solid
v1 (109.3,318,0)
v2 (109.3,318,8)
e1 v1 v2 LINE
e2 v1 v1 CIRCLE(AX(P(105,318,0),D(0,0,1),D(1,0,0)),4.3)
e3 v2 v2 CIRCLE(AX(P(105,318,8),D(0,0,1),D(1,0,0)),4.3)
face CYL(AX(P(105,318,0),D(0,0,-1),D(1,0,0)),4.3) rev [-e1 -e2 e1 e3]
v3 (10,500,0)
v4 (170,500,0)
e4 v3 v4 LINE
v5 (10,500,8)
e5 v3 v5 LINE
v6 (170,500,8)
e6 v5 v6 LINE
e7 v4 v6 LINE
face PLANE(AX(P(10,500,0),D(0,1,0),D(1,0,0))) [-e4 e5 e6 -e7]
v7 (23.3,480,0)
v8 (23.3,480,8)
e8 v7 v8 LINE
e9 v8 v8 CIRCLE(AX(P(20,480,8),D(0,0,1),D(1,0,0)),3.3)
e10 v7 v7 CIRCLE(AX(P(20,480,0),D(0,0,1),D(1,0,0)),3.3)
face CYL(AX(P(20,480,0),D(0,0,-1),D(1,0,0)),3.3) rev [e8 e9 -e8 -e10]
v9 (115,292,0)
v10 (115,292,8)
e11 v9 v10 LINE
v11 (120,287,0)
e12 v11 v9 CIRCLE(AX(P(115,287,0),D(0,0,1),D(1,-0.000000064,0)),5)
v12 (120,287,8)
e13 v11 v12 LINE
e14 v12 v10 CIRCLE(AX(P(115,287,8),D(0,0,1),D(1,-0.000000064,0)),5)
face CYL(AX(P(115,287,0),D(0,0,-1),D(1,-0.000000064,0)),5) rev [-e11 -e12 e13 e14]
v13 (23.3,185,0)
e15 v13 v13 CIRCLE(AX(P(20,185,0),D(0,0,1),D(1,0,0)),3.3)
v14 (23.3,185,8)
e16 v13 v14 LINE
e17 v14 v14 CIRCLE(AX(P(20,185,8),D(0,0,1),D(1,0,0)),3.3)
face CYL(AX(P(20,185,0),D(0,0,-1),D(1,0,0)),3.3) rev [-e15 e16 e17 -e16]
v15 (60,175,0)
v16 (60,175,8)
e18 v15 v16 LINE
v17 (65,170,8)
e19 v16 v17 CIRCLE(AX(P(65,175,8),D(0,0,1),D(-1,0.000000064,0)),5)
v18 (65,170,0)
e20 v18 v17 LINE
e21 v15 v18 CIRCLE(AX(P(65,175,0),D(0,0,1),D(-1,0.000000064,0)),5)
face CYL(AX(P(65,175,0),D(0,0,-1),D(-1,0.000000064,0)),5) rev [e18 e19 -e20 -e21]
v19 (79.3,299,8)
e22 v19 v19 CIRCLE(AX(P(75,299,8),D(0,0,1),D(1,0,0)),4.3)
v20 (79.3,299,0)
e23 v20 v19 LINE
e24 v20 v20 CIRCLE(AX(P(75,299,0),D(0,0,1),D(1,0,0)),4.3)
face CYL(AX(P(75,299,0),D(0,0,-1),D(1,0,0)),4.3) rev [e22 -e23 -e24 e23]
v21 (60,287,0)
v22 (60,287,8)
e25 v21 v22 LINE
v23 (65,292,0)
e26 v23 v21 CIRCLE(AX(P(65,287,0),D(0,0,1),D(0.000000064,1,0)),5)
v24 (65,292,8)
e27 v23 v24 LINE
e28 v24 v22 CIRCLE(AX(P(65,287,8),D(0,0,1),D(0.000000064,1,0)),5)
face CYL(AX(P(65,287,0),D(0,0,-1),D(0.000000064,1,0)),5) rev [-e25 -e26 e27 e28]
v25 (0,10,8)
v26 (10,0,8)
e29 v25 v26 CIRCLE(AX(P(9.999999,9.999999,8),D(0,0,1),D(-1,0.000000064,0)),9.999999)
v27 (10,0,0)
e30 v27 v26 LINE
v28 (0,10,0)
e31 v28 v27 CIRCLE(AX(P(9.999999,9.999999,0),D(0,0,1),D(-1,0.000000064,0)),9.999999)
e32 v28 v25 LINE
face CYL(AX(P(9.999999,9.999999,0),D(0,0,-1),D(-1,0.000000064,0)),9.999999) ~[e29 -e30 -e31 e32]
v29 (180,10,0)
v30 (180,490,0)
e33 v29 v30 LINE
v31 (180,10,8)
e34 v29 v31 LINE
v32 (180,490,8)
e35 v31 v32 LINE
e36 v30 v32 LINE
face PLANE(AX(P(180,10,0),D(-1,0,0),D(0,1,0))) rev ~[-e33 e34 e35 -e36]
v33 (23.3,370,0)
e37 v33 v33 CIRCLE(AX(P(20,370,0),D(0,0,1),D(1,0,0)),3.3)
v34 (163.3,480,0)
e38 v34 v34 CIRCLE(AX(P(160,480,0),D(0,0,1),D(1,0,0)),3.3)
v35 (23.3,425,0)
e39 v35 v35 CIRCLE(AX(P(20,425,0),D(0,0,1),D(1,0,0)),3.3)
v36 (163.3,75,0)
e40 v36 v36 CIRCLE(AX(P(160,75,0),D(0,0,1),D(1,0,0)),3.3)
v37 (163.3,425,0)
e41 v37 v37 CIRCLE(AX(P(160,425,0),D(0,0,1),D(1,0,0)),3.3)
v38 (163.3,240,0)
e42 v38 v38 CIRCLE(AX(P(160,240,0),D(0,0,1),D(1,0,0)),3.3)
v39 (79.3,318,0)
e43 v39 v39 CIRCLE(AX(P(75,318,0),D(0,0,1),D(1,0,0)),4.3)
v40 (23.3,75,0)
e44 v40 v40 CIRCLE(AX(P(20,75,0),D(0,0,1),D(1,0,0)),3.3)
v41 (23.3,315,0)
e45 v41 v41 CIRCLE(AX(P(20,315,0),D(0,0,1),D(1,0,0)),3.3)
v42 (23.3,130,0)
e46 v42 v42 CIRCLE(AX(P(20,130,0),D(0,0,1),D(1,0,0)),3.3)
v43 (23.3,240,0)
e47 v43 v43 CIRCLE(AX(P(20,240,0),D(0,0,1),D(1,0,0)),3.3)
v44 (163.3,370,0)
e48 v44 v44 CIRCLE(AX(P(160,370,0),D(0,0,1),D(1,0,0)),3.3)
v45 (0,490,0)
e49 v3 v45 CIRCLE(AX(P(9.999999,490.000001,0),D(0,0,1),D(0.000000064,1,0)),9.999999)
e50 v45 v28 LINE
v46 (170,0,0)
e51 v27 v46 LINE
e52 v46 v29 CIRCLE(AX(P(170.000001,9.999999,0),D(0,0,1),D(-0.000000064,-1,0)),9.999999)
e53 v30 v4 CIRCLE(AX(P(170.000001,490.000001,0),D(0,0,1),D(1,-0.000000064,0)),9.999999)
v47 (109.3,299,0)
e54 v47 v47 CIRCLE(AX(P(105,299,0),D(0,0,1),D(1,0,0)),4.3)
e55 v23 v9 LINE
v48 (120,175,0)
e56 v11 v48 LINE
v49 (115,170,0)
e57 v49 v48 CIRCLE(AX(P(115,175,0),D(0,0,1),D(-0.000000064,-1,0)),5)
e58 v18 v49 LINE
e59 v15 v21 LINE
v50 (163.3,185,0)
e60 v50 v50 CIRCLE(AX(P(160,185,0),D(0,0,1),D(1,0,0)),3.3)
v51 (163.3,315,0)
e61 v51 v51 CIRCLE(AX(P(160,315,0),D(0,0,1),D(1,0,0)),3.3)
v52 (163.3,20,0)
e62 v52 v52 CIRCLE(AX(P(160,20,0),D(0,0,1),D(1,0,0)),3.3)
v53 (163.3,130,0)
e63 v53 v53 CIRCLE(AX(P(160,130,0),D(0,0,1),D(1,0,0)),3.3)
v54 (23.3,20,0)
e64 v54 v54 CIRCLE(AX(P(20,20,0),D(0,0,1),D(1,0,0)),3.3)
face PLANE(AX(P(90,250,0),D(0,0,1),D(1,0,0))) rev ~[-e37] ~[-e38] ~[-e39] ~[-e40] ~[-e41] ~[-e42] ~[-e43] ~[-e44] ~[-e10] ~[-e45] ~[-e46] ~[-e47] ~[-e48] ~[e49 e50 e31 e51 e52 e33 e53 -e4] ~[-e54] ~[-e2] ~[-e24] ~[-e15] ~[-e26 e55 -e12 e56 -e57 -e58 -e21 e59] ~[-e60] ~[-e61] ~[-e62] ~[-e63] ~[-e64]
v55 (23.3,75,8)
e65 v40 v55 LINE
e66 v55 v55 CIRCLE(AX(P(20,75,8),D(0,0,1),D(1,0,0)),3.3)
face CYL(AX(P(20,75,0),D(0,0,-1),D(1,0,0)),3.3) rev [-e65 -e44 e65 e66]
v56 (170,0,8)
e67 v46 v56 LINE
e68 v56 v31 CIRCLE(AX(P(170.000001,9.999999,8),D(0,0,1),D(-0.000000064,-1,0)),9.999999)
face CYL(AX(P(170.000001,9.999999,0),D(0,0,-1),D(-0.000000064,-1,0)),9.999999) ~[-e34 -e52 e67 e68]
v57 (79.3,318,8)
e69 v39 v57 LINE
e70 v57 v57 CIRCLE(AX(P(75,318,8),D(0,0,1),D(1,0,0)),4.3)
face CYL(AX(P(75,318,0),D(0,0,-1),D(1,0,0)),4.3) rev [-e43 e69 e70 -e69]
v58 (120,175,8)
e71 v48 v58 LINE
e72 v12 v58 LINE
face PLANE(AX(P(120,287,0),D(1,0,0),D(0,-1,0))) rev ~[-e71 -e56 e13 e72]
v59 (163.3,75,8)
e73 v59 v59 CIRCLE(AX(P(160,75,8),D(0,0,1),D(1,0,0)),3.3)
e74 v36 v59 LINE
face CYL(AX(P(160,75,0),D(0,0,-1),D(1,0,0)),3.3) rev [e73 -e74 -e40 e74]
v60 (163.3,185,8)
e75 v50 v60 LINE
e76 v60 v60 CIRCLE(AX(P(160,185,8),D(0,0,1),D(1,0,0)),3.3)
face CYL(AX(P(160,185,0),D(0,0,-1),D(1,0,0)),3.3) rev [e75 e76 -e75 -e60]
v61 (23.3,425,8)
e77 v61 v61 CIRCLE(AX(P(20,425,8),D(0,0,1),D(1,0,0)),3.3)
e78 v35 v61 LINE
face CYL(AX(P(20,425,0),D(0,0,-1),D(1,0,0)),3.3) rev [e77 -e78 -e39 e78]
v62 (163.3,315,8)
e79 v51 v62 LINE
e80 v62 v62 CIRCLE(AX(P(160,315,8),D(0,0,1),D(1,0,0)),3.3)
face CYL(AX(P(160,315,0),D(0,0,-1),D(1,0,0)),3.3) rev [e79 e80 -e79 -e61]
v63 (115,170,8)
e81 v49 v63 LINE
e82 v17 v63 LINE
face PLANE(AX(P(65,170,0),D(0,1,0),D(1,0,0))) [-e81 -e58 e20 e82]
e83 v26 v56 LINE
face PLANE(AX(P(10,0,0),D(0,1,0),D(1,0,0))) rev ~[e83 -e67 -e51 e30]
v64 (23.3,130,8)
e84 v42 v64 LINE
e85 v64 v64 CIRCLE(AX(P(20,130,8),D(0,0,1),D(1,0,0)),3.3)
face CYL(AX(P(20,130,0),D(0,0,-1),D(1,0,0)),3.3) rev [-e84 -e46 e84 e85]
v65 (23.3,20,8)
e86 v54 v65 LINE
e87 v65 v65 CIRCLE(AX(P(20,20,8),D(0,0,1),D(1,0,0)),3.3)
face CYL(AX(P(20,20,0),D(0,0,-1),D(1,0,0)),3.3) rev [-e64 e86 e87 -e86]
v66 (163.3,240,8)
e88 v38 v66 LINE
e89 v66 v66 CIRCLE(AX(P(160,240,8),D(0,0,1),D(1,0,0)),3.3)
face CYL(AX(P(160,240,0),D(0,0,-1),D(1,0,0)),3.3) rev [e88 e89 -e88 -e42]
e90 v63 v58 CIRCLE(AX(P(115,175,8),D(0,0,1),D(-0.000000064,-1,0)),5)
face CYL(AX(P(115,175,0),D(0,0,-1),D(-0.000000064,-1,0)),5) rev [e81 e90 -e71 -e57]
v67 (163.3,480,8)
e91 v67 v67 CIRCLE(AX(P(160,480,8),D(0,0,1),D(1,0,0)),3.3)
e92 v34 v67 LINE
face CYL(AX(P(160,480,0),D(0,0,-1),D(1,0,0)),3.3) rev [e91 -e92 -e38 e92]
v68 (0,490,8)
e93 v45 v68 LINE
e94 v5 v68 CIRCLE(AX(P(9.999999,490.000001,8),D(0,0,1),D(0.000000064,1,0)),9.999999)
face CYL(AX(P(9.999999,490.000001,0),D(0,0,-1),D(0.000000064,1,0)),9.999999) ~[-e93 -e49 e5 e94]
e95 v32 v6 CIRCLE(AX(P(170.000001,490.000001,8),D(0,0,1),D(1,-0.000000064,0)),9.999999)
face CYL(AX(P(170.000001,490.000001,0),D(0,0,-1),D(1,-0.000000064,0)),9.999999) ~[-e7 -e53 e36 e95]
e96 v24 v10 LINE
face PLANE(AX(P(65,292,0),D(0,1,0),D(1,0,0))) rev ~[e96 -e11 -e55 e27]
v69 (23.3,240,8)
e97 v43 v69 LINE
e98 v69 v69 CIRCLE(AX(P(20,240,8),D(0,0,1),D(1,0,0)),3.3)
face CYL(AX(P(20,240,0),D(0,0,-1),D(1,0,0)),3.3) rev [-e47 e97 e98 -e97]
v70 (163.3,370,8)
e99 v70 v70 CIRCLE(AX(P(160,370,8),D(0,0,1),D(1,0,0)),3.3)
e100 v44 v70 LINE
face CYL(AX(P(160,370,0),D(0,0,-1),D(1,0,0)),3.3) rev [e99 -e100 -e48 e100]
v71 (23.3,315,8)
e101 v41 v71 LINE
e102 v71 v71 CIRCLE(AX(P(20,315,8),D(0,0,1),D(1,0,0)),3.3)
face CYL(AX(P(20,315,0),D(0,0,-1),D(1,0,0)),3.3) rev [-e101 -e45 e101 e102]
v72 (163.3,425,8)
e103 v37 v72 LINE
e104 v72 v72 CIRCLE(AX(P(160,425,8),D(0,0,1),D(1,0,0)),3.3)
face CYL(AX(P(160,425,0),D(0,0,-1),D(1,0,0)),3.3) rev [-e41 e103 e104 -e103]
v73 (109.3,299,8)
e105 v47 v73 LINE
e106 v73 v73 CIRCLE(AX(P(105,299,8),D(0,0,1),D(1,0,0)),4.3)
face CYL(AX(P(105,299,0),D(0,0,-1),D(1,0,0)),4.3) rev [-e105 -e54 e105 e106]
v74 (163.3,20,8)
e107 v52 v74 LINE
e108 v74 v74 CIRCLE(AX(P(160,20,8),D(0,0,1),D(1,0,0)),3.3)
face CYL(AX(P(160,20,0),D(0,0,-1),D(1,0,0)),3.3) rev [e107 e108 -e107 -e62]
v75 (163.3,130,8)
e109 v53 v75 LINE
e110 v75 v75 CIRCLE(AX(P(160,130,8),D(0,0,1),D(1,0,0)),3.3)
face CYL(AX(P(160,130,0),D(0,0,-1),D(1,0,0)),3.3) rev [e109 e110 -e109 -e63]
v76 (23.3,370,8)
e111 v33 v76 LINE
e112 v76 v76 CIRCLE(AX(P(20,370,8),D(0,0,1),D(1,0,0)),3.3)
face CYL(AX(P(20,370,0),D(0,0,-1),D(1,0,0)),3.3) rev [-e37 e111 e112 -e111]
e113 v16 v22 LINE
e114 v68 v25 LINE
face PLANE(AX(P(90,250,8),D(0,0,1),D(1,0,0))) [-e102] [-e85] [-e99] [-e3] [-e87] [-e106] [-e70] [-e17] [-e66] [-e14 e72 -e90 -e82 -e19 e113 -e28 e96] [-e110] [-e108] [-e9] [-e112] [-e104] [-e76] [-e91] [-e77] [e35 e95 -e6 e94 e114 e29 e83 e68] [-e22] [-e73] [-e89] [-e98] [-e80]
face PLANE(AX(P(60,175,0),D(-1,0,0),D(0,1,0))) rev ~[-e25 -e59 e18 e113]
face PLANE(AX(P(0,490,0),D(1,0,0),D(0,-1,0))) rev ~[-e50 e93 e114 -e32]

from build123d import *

# Parameters (mm, degrees)
SKETCH_R   = 4.3
SKETCH_R_2 = 3.3
PAD_DEPTH  = 8


with BuildPart() as part:
    # Sketch → Pad (new body)
    with BuildSketch(Plane.XY):
        with BuildLine():
            Line((180, 10), (180, 490))
            ThreePointArc((180, 490), (177.071068, 497.071068), (170, 500))
            Line((10, 500), (170, 500))
            ThreePointArc((10, 500), (2.928932, 497.071068), (0, 490))
            Line((0, 490), (0, 10))
            ThreePointArc((0, 10), (2.928932, 2.928932), (10, 0))
            Line((10, 0), (170, 0))
            ThreePointArc((170, 0), (177.071068, 2.928932), (180, 10))
        make_face()
        with Locations((75, 318)):
            Circle(SKETCH_R, mode=Mode.SUBTRACT)
        with Locations((105, 318)):
            Circle(SKETCH_R, mode=Mode.SUBTRACT)
        with Locations((105, 299)):
            Circle(SKETCH_R, mode=Mode.SUBTRACT)
        with Locations((75, 299)):
            Circle(SKETCH_R, mode=Mode.SUBTRACT)
        with Locations((20, 20)):
            Circle(SKETCH_R_2, mode=Mode.SUBTRACT)
        with Locations((20, 75)):
            Circle(SKETCH_R_2, mode=Mode.SUBTRACT)
        with Locations((20, 130)):
            Circle(SKETCH_R_2, mode=Mode.SUBTRACT)
        with Locations((20, 185)):
            Circle(SKETCH_R_2, mode=Mode.SUBTRACT)
        with Locations((20, 480)):
            Circle(SKETCH_R_2, mode=Mode.SUBTRACT)
        with Locations((20, 425)):
            Circle(SKETCH_R_2, mode=Mode.SUBTRACT)
        with Locations((20, 370)):
            Circle(SKETCH_R_2, mode=Mode.SUBTRACT)
        with Locations((20, 315)):
            Circle(SKETCH_R_2, mode=Mode.SUBTRACT)
        with Locations((20, 240)):
            Circle(SKETCH_R_2, mode=Mode.SUBTRACT)
        with Locations((160, 480)):
            Circle(SKETCH_R_2, mode=Mode.SUBTRACT)
        with Locations((160, 425)):
            Circle(SKETCH_R_2, mode=Mode.SUBTRACT)
        with Locations((160, 370)):
            Circle(SKETCH_R_2, mode=Mode.SUBTRACT)
        with Locations((160, 315)):
            Circle(SKETCH_R_2, mode=Mode.SUBTRACT)
        with Locations((160, 240)):
            Circle(SKETCH_R_2, mode=Mode.SUBTRACT)
        with Locations((160, 20)):
            Circle(SKETCH_R_2, mode=Mode.SUBTRACT)
        with Locations((160, 75)):
            Circle(SKETCH_R_2, mode=Mode.SUBTRACT)
        with Locations((160, 130)):
            Circle(SKETCH_R_2, mode=Mode.SUBTRACT)
        with Locations((160, 185)):
            Circle(SKETCH_R_2, mode=Mode.SUBTRACT)
        with BuildLine():
            Line((65, 170), (115, 170))
            ThreePointArc((115, 170), (118.535534, 171.464466), (120, 175))
            Line((120, 287), (120, 175))
            ThreePointArc((120, 287), (118.535534, 290.535534), (115, 292))
            Line((65, 292), (115, 292))
            ThreePointArc((65, 292), (61.464466, 290.535534), (60, 287))
            Line((60, 175), (60, 287))
            ThreePointArc((60, 175), (61.464466, 171.464466), (65, 170))
        make_face(mode=Mode.SUBTRACT)
    extrude(amount=PAD_DEPTH)


solid = part.part
